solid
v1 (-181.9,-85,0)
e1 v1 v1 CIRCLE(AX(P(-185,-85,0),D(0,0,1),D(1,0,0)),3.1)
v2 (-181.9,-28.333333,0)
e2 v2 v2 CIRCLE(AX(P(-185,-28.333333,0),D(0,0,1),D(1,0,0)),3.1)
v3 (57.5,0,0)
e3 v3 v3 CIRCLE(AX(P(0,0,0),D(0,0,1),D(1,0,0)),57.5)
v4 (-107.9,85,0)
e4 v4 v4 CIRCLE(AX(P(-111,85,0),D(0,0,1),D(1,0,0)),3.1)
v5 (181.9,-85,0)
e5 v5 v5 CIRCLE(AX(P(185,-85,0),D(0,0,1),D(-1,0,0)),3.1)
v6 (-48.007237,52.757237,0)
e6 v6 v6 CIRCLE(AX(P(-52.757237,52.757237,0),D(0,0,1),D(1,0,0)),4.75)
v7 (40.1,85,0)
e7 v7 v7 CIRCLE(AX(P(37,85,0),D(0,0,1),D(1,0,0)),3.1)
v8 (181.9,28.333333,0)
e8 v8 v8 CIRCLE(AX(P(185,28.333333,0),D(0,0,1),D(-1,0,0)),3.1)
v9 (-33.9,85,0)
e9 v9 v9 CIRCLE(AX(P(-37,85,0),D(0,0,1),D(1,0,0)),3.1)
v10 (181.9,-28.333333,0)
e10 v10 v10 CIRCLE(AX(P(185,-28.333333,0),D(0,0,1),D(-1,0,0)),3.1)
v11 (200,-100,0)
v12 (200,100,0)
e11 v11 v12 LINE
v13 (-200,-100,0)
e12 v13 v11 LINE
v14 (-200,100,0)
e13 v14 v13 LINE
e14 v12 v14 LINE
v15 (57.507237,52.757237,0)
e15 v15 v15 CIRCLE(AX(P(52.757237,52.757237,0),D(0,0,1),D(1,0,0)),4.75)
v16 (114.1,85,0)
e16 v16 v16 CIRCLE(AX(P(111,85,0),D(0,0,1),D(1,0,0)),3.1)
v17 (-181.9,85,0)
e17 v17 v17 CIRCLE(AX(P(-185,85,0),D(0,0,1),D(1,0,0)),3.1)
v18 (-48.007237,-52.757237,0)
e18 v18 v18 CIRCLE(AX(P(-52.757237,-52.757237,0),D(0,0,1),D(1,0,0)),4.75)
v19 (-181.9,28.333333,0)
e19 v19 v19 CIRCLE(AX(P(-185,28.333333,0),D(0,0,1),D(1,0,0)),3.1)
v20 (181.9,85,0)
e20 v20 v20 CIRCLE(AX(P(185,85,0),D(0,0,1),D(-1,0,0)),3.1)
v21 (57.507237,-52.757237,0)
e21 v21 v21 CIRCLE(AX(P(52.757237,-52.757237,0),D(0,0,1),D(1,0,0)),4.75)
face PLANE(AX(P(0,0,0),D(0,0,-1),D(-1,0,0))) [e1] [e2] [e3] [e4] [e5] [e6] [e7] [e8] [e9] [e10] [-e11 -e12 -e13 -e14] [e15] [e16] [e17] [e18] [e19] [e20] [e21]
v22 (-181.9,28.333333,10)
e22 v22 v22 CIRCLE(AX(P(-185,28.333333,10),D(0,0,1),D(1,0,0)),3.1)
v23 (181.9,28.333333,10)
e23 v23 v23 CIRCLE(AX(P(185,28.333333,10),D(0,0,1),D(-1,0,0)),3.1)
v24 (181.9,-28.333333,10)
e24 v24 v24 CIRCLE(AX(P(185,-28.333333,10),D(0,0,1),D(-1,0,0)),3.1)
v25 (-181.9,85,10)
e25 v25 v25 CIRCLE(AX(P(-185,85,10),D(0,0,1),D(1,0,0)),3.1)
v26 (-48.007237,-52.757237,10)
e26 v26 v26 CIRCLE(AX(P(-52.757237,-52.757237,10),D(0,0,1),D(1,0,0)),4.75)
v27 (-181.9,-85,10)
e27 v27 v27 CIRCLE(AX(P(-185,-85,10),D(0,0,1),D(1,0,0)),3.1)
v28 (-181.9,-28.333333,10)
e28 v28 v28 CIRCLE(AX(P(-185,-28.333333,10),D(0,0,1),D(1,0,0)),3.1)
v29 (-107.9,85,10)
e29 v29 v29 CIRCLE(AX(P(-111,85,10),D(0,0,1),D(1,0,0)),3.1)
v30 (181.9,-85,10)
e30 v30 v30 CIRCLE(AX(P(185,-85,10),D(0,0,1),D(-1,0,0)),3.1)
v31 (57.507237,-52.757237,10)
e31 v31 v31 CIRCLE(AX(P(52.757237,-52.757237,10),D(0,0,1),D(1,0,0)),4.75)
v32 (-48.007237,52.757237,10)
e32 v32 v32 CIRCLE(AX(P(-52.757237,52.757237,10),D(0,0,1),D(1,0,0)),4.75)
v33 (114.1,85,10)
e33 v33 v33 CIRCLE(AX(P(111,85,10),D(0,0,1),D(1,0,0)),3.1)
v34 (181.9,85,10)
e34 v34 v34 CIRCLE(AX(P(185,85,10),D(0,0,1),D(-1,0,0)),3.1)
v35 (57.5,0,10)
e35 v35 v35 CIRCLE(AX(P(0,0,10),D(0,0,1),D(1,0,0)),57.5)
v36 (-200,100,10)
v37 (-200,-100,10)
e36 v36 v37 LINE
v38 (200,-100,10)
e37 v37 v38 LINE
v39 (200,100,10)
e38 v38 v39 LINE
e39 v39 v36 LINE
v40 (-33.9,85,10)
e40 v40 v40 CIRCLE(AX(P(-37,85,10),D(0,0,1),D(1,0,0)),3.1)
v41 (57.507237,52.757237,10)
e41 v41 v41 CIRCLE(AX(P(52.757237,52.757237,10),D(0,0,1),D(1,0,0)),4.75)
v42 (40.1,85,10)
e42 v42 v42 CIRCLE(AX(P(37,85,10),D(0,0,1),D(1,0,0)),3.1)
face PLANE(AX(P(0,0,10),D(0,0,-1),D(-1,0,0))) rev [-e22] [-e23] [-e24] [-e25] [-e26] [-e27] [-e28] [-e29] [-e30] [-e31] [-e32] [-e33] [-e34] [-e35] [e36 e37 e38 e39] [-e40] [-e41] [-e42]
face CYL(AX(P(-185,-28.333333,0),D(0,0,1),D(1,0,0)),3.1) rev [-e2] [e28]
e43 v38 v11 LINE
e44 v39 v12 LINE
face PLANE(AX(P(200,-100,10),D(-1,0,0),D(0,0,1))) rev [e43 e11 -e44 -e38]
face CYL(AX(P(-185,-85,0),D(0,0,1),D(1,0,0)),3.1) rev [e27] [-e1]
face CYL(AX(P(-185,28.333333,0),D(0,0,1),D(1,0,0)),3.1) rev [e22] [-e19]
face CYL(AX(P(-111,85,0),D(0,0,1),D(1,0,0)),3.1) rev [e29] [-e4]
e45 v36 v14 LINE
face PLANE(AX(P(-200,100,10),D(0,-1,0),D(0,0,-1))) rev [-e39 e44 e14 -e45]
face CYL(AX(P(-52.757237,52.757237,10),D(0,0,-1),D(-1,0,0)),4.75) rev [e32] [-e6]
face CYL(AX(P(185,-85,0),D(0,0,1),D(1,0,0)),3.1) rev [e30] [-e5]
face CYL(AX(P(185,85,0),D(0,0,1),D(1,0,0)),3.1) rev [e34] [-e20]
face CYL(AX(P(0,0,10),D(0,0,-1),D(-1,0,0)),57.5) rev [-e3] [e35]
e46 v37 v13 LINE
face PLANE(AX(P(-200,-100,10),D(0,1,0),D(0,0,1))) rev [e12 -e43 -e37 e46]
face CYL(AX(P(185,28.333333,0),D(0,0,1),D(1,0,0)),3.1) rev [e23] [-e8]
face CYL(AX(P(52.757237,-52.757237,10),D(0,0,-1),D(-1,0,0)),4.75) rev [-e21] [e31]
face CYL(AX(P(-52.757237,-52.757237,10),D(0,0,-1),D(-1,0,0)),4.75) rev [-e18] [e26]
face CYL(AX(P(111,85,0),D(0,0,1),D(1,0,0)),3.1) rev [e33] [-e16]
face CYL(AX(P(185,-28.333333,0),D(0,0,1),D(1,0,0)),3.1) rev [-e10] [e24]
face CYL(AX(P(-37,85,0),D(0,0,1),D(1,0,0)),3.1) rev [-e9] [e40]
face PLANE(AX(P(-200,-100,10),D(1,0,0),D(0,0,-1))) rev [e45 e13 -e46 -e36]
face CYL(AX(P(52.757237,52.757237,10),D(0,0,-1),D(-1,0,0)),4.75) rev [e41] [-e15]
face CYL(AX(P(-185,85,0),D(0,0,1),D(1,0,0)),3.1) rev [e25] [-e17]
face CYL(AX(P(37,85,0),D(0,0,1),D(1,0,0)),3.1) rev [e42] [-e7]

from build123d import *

# Parameters (mm, degrees)
SKETCH1_W           = 400
SKETCH1_H           = 200
SKETCH1_R           = 4.75
SKETCH1_R_2         = 57.5
BOSS_EXTRUDE1_DEPTH = 10
SKETCH2_R           = 3.1
CUT_EXTRUDE1_DEPTH  = 10


with BuildPart() as part:
    # Sketch1 → Boss-Extrude1 (new body)
    with BuildSketch(Plane.XY):
        Rectangle(SKETCH1_W, SKETCH1_H)
        with Locations((-52.757236944, 52.757236944)):
            Circle(SKETCH1_R, mode=Mode.SUBTRACT)
        with Locations((52.757236944, 52.757236944)):
            Circle(SKETCH1_R, mode=Mode.SUBTRACT)
        with Locations((52.757236944, -52.757236944)):
            Circle(SKETCH1_R, mode=Mode.SUBTRACT)
        with Locations((-52.757236944, -52.757236944)):
            Circle(SKETCH1_R, mode=Mode.SUBTRACT)
        Circle(SKETCH1_R_2, mode=Mode.SUBTRACT)
    extrude(amount=BOSS_EXTRUDE1_DEPTH)

    # Sketch2 → Cut-Extrude1 (cut)
    with BuildSketch(Plane.XY.offset(10)):
        with Locations((-185, 85)):
            Circle(SKETCH2_R)
        with Locations((-185, 28.333333333)):
            Circle(SKETCH2_R)
        with Locations((-185, -85)):
            Circle(SKETCH2_R)
        with Locations((-185, -28.333333333)):
            Circle(SKETCH2_R)
        with Locations(Location((185, -28.333333333, 0), (0, 0, 180))):
            Circle(SKETCH2_R)
        with Locations(Location((185, -85, 0), (0, 0, 180))):
            Circle(SKETCH2_R)
        with Locations(Location((185, 28.333333333, 0), (0, 0, 180))):
            Circle(SKETCH2_R)
        with Locations(Location((185, 85, 0), (0, 0, 180))):
            Circle(SKETCH2_R)
        with Locations((-111, 85)):
            Circle(SKETCH2_R)
        with Locations((-37, 85)):
            Circle(SKETCH2_R)
        with Locations((37, 85)):
            Circle(SKETCH2_R)
        with Locations((111, 85)):
            Circle(SKETCH2_R)
    extrude(amount=-CUT_EXTRUDE1_DEPTH, mode=Mode.SUBTRACT)


solid = part.part
